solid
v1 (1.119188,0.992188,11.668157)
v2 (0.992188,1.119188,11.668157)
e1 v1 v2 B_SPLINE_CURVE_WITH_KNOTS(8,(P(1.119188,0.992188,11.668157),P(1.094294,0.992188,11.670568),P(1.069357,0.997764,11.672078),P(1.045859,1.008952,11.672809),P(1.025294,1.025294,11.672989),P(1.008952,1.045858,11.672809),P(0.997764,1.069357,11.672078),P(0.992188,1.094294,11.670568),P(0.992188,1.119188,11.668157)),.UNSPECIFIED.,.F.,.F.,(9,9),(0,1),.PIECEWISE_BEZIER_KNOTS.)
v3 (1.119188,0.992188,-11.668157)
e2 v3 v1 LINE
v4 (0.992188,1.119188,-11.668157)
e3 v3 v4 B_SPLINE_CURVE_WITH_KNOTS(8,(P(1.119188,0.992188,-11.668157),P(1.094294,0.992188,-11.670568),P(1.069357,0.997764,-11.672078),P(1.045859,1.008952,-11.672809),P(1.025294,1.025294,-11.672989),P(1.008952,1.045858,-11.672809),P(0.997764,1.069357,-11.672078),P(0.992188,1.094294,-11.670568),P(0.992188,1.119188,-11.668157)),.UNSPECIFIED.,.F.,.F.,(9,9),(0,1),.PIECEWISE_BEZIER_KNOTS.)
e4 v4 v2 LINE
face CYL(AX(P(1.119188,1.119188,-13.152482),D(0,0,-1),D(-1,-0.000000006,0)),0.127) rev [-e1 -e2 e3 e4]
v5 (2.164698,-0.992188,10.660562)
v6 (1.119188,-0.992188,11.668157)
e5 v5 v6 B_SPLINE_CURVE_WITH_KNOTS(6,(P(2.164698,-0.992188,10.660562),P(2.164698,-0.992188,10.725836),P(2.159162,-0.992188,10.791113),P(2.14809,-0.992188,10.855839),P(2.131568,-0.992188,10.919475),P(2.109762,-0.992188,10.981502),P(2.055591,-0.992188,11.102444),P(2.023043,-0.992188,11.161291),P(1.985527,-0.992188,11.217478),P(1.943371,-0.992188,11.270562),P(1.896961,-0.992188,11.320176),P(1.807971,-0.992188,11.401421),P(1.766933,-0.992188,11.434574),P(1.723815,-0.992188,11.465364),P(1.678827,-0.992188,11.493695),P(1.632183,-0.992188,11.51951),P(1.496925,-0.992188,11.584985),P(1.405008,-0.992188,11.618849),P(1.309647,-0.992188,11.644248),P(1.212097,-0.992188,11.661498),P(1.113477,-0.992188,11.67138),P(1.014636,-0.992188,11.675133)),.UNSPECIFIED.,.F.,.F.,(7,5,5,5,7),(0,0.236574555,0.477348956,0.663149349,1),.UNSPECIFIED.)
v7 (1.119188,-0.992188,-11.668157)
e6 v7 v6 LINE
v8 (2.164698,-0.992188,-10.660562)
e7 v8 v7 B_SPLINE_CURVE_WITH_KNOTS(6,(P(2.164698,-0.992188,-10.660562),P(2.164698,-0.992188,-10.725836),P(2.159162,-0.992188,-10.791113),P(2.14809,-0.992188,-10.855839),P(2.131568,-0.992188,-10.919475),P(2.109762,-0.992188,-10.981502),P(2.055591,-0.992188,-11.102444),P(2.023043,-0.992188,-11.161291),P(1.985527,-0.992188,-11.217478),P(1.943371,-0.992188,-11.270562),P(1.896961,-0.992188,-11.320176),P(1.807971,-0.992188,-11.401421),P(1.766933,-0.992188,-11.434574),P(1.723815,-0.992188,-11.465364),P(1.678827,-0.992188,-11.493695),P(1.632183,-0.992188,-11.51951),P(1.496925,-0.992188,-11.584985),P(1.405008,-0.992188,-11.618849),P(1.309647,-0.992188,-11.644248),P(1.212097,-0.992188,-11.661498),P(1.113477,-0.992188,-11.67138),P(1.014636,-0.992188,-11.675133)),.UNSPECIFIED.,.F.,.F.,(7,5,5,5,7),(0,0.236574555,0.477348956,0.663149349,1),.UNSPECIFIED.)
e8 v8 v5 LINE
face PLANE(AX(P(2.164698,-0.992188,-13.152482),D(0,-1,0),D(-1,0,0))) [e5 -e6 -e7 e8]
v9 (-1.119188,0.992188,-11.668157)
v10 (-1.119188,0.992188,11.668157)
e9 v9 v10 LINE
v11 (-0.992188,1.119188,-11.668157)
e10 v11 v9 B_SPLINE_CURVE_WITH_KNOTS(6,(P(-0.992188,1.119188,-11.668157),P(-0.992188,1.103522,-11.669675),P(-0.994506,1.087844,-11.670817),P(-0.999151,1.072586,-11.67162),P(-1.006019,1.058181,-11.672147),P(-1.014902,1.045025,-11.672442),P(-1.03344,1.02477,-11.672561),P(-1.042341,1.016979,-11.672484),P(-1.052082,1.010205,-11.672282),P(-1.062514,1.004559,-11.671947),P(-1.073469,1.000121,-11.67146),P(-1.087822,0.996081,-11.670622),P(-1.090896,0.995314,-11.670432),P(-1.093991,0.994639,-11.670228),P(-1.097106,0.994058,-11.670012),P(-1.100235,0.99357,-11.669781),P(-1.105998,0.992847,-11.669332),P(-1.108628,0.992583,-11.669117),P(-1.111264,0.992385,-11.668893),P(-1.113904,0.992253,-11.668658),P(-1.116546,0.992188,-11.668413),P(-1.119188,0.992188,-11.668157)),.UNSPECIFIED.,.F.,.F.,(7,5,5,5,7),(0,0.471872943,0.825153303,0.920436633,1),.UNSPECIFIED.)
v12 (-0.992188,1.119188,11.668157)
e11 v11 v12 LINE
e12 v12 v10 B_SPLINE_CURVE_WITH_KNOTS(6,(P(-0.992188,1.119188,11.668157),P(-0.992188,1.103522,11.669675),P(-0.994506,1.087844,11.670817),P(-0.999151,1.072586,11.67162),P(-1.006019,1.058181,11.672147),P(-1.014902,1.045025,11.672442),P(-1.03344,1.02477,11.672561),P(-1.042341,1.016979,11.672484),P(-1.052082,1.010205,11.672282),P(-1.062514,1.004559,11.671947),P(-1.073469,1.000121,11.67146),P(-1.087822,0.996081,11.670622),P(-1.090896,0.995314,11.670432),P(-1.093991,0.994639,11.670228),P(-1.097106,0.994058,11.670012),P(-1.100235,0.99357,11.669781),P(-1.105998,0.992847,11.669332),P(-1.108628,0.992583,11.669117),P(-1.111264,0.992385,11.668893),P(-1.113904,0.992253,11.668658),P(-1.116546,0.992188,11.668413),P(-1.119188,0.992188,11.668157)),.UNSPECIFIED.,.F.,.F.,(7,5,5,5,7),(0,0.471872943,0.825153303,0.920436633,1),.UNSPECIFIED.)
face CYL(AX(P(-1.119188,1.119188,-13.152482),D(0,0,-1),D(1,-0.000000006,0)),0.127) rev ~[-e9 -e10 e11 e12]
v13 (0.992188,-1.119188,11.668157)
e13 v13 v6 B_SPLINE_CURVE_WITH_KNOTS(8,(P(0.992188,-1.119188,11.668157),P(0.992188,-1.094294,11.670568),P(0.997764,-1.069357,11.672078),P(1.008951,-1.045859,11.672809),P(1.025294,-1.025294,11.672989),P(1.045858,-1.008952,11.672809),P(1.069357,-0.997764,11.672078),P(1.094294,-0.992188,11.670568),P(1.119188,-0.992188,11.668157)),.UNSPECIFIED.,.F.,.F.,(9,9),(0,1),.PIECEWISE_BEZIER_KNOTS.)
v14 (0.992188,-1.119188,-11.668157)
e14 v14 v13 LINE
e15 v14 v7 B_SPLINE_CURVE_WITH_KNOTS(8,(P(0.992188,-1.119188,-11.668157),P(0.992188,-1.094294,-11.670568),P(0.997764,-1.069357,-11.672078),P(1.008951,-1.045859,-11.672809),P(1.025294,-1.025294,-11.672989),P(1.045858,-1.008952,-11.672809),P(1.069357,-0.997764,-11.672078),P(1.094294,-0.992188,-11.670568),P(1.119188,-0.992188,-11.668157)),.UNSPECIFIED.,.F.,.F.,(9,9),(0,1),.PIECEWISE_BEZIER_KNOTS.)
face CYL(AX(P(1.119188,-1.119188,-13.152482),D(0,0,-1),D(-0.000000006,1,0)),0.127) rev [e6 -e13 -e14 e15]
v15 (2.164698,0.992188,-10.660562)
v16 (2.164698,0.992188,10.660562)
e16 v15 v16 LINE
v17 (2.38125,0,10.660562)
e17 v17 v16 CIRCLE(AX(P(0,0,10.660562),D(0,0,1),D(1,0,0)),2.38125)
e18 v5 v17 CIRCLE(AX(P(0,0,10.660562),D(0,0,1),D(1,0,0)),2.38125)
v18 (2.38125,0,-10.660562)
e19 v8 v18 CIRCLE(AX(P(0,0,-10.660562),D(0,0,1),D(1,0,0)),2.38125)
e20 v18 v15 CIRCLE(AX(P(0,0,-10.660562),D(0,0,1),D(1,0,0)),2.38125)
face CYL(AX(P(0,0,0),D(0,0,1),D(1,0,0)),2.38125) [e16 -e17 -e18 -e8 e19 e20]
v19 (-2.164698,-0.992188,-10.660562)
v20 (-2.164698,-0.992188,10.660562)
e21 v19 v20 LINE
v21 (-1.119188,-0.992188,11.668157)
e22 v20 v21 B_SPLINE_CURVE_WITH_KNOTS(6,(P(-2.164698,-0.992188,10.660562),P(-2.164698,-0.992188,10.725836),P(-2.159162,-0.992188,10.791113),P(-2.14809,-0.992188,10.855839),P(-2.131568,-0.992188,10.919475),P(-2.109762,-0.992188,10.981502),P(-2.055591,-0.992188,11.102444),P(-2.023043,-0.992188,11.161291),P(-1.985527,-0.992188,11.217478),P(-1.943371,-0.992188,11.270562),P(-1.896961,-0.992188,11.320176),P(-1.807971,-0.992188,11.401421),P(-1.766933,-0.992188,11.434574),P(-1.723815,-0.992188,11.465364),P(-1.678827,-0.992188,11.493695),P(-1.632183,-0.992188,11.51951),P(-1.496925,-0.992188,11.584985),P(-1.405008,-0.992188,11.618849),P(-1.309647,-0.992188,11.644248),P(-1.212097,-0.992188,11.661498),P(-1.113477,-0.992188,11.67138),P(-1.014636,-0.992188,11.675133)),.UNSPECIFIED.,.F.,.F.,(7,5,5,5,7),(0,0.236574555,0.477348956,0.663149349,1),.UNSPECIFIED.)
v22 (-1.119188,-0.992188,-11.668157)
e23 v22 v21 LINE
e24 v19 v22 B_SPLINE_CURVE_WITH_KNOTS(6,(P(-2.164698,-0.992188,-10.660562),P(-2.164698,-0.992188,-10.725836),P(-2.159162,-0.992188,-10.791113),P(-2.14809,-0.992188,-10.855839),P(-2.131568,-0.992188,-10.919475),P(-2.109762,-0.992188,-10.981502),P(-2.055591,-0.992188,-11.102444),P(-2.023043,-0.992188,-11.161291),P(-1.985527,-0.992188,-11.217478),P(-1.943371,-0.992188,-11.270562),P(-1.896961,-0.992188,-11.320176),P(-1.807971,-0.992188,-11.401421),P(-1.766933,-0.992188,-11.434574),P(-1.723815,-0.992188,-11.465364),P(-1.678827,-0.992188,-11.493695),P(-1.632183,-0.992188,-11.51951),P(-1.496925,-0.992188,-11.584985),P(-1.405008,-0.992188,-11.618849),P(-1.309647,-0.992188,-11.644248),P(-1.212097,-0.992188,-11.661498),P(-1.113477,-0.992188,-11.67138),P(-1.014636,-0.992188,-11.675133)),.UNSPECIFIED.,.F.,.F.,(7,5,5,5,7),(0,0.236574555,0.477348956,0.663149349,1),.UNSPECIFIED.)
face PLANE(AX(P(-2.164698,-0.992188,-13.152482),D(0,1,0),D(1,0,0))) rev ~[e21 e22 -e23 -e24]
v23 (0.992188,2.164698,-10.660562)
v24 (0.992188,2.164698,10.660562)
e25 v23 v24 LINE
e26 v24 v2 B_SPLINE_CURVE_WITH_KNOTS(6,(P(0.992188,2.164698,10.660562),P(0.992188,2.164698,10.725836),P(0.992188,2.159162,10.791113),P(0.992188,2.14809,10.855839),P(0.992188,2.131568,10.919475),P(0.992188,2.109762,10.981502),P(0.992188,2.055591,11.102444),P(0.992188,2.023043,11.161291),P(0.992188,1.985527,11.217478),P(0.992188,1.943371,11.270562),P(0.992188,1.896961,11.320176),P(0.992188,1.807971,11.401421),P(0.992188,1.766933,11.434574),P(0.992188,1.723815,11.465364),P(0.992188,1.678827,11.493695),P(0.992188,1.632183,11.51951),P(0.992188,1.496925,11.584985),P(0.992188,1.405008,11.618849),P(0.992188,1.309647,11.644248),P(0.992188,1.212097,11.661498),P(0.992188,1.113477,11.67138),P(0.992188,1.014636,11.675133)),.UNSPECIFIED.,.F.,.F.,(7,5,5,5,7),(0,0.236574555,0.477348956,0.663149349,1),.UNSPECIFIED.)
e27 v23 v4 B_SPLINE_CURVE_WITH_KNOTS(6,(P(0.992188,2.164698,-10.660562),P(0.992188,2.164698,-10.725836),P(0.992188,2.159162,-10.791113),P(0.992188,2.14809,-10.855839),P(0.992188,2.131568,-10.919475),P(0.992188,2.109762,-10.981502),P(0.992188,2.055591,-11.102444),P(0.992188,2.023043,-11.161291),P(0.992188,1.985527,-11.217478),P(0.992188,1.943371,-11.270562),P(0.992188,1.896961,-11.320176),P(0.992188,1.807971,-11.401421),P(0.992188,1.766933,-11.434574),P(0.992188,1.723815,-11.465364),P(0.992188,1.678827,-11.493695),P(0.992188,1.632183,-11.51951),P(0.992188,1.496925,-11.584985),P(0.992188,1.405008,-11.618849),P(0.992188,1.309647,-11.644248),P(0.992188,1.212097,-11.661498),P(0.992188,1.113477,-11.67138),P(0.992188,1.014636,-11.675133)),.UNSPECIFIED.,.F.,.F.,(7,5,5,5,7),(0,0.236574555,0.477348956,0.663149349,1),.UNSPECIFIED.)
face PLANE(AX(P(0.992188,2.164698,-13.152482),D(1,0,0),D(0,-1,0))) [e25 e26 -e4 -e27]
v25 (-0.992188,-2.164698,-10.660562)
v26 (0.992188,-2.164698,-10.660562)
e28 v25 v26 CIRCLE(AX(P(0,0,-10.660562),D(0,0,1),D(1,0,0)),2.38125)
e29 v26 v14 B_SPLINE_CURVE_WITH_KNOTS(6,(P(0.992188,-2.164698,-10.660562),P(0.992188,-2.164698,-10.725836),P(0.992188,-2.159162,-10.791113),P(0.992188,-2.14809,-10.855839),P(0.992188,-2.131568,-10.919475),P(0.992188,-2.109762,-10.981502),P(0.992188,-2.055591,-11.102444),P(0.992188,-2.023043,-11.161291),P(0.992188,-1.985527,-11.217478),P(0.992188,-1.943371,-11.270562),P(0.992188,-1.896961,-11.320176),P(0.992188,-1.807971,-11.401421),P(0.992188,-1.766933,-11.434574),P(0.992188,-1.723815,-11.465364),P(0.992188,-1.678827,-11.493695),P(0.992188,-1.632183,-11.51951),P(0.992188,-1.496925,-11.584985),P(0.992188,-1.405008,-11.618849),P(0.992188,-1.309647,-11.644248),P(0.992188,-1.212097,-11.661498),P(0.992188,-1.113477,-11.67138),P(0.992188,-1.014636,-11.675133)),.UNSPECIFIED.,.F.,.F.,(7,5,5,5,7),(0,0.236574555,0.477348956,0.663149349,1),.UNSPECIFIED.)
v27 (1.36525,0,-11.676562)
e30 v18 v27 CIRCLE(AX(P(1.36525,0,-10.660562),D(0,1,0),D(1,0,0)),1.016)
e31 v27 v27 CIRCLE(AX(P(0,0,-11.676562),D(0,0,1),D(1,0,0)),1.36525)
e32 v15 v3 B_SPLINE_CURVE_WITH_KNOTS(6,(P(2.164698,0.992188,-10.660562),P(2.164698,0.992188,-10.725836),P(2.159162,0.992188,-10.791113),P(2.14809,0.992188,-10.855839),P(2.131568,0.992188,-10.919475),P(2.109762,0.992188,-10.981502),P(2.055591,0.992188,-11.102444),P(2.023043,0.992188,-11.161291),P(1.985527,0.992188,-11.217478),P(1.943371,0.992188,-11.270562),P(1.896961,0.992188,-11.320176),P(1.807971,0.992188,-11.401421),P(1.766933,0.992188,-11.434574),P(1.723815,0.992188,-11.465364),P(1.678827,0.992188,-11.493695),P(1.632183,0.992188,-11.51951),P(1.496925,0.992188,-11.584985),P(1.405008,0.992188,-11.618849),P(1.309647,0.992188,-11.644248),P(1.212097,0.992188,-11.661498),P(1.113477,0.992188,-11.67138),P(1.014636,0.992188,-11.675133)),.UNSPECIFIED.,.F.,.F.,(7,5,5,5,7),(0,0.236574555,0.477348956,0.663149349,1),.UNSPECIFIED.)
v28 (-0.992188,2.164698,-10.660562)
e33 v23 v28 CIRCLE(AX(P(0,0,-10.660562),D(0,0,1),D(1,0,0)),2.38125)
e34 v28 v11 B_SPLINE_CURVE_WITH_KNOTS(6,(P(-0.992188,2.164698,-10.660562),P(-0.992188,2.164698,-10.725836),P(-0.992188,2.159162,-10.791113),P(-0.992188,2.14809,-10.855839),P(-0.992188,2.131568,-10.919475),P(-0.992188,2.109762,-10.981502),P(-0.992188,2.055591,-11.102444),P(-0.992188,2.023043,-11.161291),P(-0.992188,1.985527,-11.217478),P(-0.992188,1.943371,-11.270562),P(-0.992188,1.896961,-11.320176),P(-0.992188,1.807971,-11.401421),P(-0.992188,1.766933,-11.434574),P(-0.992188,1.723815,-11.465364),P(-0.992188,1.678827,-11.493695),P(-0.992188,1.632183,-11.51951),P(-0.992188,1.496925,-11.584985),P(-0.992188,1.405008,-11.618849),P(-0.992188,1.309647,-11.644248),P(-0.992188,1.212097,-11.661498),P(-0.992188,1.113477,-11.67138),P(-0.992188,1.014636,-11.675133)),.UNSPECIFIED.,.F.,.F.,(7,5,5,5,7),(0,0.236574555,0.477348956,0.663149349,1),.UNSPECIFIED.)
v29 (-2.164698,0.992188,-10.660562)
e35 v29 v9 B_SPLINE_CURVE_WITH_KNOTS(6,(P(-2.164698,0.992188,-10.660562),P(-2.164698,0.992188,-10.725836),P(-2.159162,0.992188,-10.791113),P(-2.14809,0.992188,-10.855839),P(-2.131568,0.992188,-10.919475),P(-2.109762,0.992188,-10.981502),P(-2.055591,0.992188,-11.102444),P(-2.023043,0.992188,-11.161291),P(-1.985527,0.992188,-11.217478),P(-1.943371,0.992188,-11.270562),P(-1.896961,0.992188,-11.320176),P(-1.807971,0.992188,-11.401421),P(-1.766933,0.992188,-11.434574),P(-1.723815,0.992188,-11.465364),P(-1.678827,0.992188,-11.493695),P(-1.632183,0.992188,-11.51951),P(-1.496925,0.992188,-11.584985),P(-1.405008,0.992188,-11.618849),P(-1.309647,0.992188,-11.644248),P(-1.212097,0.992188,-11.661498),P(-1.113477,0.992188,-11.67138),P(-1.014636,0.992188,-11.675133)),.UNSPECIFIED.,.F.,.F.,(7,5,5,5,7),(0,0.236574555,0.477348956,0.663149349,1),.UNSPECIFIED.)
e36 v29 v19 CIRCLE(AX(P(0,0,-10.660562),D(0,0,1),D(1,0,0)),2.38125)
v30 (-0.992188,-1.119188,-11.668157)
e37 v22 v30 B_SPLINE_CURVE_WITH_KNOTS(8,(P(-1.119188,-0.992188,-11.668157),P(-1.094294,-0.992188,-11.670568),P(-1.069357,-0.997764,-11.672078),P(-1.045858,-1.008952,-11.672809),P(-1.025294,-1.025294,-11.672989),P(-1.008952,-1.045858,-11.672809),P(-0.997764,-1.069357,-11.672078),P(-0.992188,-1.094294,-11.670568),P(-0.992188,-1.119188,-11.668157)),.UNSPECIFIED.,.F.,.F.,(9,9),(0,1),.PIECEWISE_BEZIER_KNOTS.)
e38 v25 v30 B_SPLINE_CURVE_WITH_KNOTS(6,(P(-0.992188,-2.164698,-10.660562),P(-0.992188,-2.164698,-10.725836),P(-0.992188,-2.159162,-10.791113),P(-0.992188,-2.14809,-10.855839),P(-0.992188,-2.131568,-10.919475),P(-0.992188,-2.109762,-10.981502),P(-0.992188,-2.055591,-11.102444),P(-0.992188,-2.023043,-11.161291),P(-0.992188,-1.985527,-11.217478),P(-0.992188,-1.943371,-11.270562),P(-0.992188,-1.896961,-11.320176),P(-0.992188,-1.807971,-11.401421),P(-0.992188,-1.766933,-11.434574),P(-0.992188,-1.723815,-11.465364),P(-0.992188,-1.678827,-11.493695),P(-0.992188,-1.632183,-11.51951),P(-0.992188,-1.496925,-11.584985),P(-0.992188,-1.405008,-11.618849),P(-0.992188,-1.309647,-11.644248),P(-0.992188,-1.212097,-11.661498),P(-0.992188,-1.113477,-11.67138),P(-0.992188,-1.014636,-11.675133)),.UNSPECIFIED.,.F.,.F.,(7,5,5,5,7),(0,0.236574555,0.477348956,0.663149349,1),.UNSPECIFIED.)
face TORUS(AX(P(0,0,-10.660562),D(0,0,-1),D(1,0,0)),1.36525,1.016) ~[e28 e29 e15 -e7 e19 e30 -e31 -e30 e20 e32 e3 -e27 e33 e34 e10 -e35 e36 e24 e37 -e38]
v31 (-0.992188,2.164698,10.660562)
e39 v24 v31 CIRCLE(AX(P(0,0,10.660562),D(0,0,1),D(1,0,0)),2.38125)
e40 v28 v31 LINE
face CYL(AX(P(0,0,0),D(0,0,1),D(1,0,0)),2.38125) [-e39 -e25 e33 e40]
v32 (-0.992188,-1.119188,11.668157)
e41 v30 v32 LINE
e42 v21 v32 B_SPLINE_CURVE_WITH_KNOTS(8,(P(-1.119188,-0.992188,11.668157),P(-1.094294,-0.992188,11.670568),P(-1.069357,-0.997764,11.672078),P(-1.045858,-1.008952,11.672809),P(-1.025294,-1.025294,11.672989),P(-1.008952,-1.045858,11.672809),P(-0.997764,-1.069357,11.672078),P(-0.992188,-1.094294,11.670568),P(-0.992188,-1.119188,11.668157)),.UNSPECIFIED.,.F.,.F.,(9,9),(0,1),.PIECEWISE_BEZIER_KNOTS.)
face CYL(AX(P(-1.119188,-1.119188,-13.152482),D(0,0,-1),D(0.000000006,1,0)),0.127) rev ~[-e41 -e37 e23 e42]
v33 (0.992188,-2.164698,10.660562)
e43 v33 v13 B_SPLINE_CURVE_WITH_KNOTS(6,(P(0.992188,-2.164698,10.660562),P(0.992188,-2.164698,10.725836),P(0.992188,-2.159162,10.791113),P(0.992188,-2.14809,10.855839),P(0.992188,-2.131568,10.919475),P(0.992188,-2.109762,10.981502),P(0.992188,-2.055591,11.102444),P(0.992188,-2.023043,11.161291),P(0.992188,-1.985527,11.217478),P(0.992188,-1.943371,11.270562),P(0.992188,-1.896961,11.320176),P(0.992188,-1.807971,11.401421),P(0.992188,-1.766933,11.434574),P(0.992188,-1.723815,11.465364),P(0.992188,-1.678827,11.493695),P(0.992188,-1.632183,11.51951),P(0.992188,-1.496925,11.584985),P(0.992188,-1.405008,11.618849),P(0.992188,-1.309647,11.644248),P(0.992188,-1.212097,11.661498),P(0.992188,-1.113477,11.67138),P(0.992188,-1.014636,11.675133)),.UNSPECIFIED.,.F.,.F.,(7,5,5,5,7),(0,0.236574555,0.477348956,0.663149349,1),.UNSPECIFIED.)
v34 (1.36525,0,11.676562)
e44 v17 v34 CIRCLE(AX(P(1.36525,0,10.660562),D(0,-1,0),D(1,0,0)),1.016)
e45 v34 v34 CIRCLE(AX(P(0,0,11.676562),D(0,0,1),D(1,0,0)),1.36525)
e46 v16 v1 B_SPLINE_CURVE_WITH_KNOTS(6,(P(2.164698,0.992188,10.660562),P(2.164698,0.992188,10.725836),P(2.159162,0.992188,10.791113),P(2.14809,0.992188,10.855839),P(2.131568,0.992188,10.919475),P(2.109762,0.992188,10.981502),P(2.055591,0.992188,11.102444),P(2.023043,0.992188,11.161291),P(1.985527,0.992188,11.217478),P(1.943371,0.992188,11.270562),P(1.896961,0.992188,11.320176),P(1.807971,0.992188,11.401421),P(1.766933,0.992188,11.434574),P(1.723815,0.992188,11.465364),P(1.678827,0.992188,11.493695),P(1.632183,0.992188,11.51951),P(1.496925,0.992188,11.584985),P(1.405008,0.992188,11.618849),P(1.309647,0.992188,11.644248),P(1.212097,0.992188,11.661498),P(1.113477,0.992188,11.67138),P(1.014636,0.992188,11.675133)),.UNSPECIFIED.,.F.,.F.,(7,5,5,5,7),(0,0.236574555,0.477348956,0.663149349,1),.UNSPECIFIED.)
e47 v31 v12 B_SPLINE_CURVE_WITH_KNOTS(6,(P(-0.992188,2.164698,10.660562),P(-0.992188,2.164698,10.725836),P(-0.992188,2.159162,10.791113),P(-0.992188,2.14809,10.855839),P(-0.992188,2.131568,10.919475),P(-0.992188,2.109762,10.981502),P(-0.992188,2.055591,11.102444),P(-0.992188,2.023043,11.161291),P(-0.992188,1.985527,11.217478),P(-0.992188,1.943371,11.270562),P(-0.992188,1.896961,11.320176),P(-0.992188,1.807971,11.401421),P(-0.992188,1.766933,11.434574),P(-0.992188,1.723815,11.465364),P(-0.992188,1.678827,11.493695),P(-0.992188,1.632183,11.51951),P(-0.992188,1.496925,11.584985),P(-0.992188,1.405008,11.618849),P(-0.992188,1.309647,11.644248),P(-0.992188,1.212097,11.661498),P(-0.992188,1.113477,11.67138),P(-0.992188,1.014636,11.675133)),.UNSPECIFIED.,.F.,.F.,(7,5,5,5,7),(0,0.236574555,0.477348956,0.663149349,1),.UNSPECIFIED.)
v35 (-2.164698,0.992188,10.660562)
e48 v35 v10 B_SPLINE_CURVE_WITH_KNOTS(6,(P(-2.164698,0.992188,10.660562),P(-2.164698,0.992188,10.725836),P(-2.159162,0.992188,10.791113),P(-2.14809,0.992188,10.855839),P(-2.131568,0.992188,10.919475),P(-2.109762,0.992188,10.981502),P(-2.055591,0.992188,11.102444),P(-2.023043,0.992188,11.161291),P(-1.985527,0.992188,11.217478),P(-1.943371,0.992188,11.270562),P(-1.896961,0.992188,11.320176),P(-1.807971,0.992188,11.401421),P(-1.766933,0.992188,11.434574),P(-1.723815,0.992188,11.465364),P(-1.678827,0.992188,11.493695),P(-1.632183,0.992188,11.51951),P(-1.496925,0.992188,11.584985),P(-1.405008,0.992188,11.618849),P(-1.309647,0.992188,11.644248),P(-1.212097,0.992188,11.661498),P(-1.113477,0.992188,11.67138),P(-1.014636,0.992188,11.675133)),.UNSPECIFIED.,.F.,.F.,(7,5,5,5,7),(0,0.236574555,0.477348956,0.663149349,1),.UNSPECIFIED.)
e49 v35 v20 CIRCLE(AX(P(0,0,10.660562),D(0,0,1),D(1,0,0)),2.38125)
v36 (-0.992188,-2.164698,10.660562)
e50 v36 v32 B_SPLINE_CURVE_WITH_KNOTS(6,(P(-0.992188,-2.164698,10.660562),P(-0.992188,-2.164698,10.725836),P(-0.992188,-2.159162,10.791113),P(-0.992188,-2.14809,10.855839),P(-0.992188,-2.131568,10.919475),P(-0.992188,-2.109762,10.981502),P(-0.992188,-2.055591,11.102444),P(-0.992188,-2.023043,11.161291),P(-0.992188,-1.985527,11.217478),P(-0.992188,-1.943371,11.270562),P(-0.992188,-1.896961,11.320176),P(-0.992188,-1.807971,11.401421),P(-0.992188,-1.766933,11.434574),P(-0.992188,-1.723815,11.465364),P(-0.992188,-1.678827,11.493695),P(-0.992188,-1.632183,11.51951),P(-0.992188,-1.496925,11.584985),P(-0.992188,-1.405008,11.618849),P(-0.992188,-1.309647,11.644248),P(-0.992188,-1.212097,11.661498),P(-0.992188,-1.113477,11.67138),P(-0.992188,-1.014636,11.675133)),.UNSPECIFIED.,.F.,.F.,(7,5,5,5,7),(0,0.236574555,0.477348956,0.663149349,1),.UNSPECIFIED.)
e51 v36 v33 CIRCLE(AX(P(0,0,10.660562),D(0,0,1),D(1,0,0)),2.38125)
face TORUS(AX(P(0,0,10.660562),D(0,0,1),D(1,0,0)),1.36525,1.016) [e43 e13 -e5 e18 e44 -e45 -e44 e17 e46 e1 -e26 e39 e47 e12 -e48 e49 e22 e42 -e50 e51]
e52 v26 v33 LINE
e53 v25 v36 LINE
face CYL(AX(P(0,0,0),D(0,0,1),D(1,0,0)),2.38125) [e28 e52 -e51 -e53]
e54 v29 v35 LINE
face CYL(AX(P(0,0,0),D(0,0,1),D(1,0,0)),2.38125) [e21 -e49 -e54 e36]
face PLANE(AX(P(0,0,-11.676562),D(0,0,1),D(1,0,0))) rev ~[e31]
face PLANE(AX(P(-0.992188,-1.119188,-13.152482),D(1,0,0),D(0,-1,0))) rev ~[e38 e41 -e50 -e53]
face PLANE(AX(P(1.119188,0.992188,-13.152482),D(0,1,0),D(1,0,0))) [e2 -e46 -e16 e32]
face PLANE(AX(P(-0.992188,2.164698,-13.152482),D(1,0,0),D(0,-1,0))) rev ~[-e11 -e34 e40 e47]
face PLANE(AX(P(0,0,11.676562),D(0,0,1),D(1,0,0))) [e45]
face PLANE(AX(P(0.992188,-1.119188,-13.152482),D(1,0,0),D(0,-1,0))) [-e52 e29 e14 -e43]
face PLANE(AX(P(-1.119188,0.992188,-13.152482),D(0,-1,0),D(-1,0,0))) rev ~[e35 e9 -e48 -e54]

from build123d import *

# Parameters (mm, degrees)
SKETCH1_R           = 2.38125
EXTRUDE1_DEPTH      = 11.6765625
FILLET1_R           = 1.016
EXTRUDE2_DEPTH      = 13.152481882
EXTRUDE2_DEPTH_BACK = 13.152481882


with BuildPart() as part:
    # Sketch1 → Extrude1 (new, symmetric)
    with BuildSketch(Plane.XY):
        Circle(SKETCH1_R)
    extrude(amount=EXTRUDE1_DEPTH, both=True)

    # Fillet1
    fillet1_edges = [part.edges().sort_by_distance(p)[0] for p in [
        (-2.38125, 0, -11.6765625),
        (-2.38125, 0, 11.6765625),
    ]]
    fillet(fillet1_edges, radius=FILLET1_R)

    # Sketch3 → Extrude2 (cut, two sides: drawn at the far end of the back side and taken through both)
    with BuildSketch(Plane.XY.offset(-EXTRUDE2_DEPTH_BACK)):
        with BuildLine():
            Line((-0.9921875, 2.16469756), (-0.9921875, 1.1191875))
            ThreePointArc((-0.9921875, 1.1191875), (-1.029384939, 1.029384939), (-1.1191875, 0.9921875))
            Line((-1.1191875, 0.9921875), (-2.16469756, 0.9921875))
            ThreePointArc((-2.16469756, 0.9921875), (-1.683798023, 1.683798023), (-0.9921875, 2.16469756))
        make_face()
        with BuildLine():
            Line((-2.16469756, -0.9921875), (-1.1191875, -0.9921875))
            ThreePointArc((-1.1191875, -0.9921875), (-1.029384939, -1.029384939), (-0.9921875, -1.1191875))
            Line((-0.9921875, -1.1191875), (-0.9921875, -2.16469756))
            ThreePointArc((-0.9921875, -2.16469756), (-1.683798023, -1.683798023), (-2.16469756, -0.9921875))
        make_face()
        with BuildLine():
            Line((0.9921875, 2.16469756), (0.9921875, 1.1191875))
            ThreePointArc((0.9921875, 1.1191875), (1.029384939, 1.029384939), (1.1191875, 0.9921875))
            Line((1.1191875, 0.9921875), (2.16469756, 0.9921875))
            ThreePointArc((2.16469756, 0.9921875), (1.683798023, 1.683798023), (0.9921875, 2.16469756))
        make_face()
        with BuildLine():
            Line((0.9921875, -1.1191875), (0.9921875, -2.16469756))
            ThreePointArc((0.9921875, -2.16469756), (1.683798023, -1.683798023), (2.16469756, -0.9921875))
            Line((2.16469756, -0.9921875), (1.1191875, -0.9921875))
            ThreePointArc((1.1191875, -0.9921875), (1.029384939, -1.029384939), (0.9921875, -1.1191875))
        make_face()
    extrude(amount=EXTRUDE2_DEPTH + EXTRUDE2_DEPTH_BACK, mode=Mode.SUBTRACT)


solid = part.part
